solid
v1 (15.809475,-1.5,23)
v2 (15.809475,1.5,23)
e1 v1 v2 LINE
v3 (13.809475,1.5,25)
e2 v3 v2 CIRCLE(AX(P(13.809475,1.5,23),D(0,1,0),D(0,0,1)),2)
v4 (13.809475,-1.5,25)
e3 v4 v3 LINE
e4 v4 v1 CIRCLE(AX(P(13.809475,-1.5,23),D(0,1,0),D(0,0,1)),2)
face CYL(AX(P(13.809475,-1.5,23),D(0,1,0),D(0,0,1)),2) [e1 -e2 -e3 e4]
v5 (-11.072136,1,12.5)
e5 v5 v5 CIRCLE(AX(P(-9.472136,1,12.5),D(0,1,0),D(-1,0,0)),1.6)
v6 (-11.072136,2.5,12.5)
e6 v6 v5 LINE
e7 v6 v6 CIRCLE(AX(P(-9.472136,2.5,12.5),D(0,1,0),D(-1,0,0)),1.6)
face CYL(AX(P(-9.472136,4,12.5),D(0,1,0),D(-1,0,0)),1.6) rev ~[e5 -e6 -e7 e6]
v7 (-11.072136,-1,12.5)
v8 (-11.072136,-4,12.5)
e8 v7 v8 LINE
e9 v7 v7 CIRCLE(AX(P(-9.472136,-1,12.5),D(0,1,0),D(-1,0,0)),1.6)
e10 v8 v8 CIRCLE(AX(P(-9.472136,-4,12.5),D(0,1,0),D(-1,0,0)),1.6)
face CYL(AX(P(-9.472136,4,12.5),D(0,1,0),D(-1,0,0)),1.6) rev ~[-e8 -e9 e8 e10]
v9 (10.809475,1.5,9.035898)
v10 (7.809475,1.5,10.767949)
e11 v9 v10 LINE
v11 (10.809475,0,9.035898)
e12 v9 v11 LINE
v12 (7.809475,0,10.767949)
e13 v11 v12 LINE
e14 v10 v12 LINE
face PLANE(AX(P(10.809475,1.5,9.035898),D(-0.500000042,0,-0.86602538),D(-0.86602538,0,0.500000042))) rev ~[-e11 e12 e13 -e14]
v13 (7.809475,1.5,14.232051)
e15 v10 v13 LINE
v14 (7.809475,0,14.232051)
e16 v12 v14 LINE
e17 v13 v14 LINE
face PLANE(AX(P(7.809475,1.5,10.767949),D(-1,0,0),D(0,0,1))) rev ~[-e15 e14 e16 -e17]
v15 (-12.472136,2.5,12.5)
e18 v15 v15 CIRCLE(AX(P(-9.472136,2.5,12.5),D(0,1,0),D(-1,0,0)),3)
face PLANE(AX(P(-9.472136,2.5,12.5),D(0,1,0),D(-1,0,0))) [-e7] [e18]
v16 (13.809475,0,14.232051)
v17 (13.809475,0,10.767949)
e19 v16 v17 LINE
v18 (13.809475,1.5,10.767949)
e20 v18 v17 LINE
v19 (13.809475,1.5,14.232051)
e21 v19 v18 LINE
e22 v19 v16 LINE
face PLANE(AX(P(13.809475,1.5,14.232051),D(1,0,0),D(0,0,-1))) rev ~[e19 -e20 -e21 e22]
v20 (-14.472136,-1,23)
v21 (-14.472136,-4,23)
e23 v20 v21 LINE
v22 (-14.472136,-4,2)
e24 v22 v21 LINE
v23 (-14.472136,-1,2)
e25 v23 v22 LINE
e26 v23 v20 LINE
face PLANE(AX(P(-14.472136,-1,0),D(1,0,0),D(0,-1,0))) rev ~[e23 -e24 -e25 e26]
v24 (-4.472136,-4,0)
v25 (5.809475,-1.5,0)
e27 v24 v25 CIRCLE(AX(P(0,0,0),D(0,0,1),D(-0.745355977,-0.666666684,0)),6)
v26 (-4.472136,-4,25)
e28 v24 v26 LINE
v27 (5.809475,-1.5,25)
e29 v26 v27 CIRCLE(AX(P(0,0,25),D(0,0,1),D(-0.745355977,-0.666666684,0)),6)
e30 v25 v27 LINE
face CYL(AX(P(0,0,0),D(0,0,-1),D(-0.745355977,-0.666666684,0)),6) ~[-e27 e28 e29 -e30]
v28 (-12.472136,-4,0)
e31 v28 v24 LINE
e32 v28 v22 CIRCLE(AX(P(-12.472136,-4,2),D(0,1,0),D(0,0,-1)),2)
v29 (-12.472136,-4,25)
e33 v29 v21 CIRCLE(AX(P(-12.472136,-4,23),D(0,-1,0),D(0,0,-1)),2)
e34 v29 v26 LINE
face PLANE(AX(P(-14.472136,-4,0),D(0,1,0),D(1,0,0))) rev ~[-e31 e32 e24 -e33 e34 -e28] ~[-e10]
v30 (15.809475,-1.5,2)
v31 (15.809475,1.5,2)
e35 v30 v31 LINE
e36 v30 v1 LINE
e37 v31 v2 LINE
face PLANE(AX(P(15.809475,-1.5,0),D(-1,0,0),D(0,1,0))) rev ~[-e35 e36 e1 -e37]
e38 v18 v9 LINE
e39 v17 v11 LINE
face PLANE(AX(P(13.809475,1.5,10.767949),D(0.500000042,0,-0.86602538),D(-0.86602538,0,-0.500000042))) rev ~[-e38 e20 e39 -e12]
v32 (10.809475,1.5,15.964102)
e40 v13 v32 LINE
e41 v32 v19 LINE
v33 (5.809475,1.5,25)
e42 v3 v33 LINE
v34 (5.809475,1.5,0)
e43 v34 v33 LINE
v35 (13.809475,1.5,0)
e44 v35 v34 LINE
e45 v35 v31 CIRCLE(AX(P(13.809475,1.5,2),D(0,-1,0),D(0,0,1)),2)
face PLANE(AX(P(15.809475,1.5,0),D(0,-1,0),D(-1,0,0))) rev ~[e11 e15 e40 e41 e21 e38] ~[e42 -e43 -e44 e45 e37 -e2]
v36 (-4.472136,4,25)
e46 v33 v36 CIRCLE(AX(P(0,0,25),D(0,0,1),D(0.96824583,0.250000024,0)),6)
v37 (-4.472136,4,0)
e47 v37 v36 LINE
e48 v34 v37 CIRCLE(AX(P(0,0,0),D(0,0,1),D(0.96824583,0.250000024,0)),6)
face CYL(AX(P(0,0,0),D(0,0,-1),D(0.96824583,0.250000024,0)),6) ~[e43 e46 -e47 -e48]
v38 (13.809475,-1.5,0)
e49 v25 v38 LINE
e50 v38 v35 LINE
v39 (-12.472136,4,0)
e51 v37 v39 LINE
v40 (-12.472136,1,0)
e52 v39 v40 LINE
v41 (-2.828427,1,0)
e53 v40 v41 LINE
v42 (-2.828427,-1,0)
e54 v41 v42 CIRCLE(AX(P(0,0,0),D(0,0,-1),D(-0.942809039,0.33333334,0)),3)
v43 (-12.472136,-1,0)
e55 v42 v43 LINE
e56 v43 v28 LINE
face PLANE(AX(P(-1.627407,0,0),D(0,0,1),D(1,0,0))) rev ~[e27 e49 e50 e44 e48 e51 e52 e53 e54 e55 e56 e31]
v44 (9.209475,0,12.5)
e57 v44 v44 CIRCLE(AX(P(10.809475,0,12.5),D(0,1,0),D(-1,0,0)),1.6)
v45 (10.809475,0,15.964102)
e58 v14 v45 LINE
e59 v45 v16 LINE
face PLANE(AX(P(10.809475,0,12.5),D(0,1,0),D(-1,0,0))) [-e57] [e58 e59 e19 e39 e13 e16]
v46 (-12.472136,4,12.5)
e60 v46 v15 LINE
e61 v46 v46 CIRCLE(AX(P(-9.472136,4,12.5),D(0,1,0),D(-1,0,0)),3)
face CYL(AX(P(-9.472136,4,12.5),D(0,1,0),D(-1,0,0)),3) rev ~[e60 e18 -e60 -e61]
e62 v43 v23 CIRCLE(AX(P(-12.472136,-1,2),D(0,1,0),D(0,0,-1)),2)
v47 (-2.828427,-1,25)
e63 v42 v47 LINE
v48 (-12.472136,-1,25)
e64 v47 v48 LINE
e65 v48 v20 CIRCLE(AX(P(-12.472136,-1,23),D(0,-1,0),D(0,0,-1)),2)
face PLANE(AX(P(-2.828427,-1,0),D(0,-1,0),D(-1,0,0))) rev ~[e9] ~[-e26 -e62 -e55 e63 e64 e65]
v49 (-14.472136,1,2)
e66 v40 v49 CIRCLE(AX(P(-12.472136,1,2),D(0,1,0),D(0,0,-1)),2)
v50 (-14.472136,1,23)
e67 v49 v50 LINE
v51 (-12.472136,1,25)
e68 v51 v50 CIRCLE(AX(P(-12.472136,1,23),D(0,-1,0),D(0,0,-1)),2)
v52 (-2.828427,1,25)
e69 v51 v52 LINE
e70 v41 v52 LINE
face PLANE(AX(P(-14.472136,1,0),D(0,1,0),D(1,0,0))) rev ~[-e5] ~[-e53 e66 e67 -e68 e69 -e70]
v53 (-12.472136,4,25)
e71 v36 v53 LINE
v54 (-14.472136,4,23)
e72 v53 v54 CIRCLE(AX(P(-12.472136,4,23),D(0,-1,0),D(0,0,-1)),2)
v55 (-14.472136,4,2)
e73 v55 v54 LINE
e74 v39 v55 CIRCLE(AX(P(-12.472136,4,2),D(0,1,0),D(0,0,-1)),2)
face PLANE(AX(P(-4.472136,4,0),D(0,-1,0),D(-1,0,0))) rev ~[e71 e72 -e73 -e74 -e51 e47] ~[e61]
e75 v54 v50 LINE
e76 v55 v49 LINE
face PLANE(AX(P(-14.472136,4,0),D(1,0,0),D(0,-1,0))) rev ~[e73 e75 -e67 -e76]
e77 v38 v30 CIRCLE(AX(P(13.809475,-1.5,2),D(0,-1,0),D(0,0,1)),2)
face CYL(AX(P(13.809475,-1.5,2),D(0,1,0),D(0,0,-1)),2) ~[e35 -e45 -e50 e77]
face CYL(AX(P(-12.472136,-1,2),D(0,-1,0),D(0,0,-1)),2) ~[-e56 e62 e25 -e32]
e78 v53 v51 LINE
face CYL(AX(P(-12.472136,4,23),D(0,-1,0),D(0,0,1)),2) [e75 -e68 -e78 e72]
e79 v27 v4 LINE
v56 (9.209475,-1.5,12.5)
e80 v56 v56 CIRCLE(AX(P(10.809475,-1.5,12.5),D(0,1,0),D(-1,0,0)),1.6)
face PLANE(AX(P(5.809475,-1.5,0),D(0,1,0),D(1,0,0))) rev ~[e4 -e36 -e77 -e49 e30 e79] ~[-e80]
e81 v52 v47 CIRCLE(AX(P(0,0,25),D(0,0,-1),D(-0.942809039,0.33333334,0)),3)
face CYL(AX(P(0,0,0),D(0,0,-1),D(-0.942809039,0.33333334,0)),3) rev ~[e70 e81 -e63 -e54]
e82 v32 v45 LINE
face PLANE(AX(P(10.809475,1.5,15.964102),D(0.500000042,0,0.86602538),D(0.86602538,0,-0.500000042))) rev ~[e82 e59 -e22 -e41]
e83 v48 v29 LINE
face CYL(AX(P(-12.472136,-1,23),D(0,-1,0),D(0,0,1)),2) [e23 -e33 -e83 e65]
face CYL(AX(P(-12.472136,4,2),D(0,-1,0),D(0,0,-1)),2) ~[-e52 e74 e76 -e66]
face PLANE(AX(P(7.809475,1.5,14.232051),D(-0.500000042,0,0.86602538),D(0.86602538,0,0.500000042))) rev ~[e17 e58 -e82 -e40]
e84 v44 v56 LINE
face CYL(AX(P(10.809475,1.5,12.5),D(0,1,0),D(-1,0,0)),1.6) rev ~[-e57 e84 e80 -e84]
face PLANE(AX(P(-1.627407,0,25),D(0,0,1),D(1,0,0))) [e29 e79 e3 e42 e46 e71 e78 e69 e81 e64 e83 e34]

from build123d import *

# Parameters (mm, degrees)
F1_DEPTH = 25
F2_R     = 1.6
F3_DEPTH = 10.001
F2_R_2   = 3
F4_DEPTH = 1.5
F5_R     = 2
F6_R     = 1.6
F7_DEPTH = 7.501
F8_DEPTH = 1.5
F9_R     = 2


with BuildPart() as f1:
    # F0 (on Top) → F1 (new body)
    with BuildSketch(Plane.XY):
        with BuildLine():
            ThreePointArc((-2.828427, 1), (3, 0), (-2.828427, -1))
            Line((-2.828427, -1), (-14.472136, -1))
            Line((-14.472136, -1), (-14.472136, -4))
            Line((-14.472136, -4), (-4.472136, -4))
            ThreePointArc((-4.472136, -4), (1.41761, -5.830127), (5.809475, -1.5))
            Line((5.809475, -1.5), (15.809475, -1.5))
            Line((15.809475, -1.5), (15.809475, 1.5))
            Line((15.809475, 1.5), (5.809475, 1.5))
            ThreePointArc((5.809475, 1.5), (1.41761, 5.830127), (-4.472136, 4))
            Line((-4.472136, 4), (-14.472136, 4))
            Line((-14.472136, 4), (-14.472136, 1))
            Line((-14.472136, 1), (-2.828427, 1))
        make_face()
    extrude(amount=F1_DEPTH)

    # F2 (on face) → F3 (cut, through all)
    with BuildSketch(Plane(origin=(0, 4, 0), x_dir=(-1, 0, 0), z_dir=(0, 1, 0))):
        with Locations((9.472136, 12.5)):
            Circle(F2_R)
    extrude(amount=-F3_DEPTH, mode=Mode.SUBTRACT)

    # F2 (on face) → F4 (cut)
    with BuildSketch(Plane(origin=(0, 4, 0), x_dir=(-1, 0, 0), z_dir=(0, 1, 0))):
        with Locations((9.472136, 12.5)):
            Circle(F2_R_2)
        with Locations((9.472136, 12.5)):
            Circle(F2_R, mode=Mode.SUBTRACT)
    extrude(amount=-F4_DEPTH, mode=Mode.SUBTRACT)

    # F5
    f5_edges = [f1.edges().sort_by_distance(p)[0] for p in [
        (-14.472136, 2.5, 0),
        (-14.472136, -2.5, 0),
        (-14.472136, -2.5, 25),
        (-14.472136, 2.5, 25),
    ]]
    fillet(f5_edges, radius=F5_R)

    # F6 (on face) → F7 (cut, through all)
    with BuildSketch(Plane(origin=(0, 1.5, 0), x_dir=(-1, 0, 0), z_dir=(0, 1, 0))):
        with Locations((-10.809475, 12.5)):
            Circle(F6_R)
    extrude(amount=-F7_DEPTH, mode=Mode.SUBTRACT)

    # F6 (on face) → F8 (cut)
    with BuildSketch(Plane(origin=(0, 1.5, 0), x_dir=(-1, 0, 0), z_dir=(0, 1, 0))):
        Polygon((-13.809475, 14.232051), (-13.809475, 10.767949), (-10.809475, 9.035898), (-7.809475, 10.767949), (-7.809475, 14.232051), (-10.809475, 15.964102), align=None)
        with Locations((-10.809475, 12.5)):
            Circle(F6_R, mode=Mode.SUBTRACT)
    extrude(amount=-F8_DEPTH, mode=Mode.SUBTRACT)

    # F9
    f9_edges = [f1.edges().sort_by_distance(p)[0] for p in [
        (15.809475, 0, 25),
        (15.809475, 0, 0),
    ]]
    fillet(f9_edges, radius=F9_R)


solid = f1.part
